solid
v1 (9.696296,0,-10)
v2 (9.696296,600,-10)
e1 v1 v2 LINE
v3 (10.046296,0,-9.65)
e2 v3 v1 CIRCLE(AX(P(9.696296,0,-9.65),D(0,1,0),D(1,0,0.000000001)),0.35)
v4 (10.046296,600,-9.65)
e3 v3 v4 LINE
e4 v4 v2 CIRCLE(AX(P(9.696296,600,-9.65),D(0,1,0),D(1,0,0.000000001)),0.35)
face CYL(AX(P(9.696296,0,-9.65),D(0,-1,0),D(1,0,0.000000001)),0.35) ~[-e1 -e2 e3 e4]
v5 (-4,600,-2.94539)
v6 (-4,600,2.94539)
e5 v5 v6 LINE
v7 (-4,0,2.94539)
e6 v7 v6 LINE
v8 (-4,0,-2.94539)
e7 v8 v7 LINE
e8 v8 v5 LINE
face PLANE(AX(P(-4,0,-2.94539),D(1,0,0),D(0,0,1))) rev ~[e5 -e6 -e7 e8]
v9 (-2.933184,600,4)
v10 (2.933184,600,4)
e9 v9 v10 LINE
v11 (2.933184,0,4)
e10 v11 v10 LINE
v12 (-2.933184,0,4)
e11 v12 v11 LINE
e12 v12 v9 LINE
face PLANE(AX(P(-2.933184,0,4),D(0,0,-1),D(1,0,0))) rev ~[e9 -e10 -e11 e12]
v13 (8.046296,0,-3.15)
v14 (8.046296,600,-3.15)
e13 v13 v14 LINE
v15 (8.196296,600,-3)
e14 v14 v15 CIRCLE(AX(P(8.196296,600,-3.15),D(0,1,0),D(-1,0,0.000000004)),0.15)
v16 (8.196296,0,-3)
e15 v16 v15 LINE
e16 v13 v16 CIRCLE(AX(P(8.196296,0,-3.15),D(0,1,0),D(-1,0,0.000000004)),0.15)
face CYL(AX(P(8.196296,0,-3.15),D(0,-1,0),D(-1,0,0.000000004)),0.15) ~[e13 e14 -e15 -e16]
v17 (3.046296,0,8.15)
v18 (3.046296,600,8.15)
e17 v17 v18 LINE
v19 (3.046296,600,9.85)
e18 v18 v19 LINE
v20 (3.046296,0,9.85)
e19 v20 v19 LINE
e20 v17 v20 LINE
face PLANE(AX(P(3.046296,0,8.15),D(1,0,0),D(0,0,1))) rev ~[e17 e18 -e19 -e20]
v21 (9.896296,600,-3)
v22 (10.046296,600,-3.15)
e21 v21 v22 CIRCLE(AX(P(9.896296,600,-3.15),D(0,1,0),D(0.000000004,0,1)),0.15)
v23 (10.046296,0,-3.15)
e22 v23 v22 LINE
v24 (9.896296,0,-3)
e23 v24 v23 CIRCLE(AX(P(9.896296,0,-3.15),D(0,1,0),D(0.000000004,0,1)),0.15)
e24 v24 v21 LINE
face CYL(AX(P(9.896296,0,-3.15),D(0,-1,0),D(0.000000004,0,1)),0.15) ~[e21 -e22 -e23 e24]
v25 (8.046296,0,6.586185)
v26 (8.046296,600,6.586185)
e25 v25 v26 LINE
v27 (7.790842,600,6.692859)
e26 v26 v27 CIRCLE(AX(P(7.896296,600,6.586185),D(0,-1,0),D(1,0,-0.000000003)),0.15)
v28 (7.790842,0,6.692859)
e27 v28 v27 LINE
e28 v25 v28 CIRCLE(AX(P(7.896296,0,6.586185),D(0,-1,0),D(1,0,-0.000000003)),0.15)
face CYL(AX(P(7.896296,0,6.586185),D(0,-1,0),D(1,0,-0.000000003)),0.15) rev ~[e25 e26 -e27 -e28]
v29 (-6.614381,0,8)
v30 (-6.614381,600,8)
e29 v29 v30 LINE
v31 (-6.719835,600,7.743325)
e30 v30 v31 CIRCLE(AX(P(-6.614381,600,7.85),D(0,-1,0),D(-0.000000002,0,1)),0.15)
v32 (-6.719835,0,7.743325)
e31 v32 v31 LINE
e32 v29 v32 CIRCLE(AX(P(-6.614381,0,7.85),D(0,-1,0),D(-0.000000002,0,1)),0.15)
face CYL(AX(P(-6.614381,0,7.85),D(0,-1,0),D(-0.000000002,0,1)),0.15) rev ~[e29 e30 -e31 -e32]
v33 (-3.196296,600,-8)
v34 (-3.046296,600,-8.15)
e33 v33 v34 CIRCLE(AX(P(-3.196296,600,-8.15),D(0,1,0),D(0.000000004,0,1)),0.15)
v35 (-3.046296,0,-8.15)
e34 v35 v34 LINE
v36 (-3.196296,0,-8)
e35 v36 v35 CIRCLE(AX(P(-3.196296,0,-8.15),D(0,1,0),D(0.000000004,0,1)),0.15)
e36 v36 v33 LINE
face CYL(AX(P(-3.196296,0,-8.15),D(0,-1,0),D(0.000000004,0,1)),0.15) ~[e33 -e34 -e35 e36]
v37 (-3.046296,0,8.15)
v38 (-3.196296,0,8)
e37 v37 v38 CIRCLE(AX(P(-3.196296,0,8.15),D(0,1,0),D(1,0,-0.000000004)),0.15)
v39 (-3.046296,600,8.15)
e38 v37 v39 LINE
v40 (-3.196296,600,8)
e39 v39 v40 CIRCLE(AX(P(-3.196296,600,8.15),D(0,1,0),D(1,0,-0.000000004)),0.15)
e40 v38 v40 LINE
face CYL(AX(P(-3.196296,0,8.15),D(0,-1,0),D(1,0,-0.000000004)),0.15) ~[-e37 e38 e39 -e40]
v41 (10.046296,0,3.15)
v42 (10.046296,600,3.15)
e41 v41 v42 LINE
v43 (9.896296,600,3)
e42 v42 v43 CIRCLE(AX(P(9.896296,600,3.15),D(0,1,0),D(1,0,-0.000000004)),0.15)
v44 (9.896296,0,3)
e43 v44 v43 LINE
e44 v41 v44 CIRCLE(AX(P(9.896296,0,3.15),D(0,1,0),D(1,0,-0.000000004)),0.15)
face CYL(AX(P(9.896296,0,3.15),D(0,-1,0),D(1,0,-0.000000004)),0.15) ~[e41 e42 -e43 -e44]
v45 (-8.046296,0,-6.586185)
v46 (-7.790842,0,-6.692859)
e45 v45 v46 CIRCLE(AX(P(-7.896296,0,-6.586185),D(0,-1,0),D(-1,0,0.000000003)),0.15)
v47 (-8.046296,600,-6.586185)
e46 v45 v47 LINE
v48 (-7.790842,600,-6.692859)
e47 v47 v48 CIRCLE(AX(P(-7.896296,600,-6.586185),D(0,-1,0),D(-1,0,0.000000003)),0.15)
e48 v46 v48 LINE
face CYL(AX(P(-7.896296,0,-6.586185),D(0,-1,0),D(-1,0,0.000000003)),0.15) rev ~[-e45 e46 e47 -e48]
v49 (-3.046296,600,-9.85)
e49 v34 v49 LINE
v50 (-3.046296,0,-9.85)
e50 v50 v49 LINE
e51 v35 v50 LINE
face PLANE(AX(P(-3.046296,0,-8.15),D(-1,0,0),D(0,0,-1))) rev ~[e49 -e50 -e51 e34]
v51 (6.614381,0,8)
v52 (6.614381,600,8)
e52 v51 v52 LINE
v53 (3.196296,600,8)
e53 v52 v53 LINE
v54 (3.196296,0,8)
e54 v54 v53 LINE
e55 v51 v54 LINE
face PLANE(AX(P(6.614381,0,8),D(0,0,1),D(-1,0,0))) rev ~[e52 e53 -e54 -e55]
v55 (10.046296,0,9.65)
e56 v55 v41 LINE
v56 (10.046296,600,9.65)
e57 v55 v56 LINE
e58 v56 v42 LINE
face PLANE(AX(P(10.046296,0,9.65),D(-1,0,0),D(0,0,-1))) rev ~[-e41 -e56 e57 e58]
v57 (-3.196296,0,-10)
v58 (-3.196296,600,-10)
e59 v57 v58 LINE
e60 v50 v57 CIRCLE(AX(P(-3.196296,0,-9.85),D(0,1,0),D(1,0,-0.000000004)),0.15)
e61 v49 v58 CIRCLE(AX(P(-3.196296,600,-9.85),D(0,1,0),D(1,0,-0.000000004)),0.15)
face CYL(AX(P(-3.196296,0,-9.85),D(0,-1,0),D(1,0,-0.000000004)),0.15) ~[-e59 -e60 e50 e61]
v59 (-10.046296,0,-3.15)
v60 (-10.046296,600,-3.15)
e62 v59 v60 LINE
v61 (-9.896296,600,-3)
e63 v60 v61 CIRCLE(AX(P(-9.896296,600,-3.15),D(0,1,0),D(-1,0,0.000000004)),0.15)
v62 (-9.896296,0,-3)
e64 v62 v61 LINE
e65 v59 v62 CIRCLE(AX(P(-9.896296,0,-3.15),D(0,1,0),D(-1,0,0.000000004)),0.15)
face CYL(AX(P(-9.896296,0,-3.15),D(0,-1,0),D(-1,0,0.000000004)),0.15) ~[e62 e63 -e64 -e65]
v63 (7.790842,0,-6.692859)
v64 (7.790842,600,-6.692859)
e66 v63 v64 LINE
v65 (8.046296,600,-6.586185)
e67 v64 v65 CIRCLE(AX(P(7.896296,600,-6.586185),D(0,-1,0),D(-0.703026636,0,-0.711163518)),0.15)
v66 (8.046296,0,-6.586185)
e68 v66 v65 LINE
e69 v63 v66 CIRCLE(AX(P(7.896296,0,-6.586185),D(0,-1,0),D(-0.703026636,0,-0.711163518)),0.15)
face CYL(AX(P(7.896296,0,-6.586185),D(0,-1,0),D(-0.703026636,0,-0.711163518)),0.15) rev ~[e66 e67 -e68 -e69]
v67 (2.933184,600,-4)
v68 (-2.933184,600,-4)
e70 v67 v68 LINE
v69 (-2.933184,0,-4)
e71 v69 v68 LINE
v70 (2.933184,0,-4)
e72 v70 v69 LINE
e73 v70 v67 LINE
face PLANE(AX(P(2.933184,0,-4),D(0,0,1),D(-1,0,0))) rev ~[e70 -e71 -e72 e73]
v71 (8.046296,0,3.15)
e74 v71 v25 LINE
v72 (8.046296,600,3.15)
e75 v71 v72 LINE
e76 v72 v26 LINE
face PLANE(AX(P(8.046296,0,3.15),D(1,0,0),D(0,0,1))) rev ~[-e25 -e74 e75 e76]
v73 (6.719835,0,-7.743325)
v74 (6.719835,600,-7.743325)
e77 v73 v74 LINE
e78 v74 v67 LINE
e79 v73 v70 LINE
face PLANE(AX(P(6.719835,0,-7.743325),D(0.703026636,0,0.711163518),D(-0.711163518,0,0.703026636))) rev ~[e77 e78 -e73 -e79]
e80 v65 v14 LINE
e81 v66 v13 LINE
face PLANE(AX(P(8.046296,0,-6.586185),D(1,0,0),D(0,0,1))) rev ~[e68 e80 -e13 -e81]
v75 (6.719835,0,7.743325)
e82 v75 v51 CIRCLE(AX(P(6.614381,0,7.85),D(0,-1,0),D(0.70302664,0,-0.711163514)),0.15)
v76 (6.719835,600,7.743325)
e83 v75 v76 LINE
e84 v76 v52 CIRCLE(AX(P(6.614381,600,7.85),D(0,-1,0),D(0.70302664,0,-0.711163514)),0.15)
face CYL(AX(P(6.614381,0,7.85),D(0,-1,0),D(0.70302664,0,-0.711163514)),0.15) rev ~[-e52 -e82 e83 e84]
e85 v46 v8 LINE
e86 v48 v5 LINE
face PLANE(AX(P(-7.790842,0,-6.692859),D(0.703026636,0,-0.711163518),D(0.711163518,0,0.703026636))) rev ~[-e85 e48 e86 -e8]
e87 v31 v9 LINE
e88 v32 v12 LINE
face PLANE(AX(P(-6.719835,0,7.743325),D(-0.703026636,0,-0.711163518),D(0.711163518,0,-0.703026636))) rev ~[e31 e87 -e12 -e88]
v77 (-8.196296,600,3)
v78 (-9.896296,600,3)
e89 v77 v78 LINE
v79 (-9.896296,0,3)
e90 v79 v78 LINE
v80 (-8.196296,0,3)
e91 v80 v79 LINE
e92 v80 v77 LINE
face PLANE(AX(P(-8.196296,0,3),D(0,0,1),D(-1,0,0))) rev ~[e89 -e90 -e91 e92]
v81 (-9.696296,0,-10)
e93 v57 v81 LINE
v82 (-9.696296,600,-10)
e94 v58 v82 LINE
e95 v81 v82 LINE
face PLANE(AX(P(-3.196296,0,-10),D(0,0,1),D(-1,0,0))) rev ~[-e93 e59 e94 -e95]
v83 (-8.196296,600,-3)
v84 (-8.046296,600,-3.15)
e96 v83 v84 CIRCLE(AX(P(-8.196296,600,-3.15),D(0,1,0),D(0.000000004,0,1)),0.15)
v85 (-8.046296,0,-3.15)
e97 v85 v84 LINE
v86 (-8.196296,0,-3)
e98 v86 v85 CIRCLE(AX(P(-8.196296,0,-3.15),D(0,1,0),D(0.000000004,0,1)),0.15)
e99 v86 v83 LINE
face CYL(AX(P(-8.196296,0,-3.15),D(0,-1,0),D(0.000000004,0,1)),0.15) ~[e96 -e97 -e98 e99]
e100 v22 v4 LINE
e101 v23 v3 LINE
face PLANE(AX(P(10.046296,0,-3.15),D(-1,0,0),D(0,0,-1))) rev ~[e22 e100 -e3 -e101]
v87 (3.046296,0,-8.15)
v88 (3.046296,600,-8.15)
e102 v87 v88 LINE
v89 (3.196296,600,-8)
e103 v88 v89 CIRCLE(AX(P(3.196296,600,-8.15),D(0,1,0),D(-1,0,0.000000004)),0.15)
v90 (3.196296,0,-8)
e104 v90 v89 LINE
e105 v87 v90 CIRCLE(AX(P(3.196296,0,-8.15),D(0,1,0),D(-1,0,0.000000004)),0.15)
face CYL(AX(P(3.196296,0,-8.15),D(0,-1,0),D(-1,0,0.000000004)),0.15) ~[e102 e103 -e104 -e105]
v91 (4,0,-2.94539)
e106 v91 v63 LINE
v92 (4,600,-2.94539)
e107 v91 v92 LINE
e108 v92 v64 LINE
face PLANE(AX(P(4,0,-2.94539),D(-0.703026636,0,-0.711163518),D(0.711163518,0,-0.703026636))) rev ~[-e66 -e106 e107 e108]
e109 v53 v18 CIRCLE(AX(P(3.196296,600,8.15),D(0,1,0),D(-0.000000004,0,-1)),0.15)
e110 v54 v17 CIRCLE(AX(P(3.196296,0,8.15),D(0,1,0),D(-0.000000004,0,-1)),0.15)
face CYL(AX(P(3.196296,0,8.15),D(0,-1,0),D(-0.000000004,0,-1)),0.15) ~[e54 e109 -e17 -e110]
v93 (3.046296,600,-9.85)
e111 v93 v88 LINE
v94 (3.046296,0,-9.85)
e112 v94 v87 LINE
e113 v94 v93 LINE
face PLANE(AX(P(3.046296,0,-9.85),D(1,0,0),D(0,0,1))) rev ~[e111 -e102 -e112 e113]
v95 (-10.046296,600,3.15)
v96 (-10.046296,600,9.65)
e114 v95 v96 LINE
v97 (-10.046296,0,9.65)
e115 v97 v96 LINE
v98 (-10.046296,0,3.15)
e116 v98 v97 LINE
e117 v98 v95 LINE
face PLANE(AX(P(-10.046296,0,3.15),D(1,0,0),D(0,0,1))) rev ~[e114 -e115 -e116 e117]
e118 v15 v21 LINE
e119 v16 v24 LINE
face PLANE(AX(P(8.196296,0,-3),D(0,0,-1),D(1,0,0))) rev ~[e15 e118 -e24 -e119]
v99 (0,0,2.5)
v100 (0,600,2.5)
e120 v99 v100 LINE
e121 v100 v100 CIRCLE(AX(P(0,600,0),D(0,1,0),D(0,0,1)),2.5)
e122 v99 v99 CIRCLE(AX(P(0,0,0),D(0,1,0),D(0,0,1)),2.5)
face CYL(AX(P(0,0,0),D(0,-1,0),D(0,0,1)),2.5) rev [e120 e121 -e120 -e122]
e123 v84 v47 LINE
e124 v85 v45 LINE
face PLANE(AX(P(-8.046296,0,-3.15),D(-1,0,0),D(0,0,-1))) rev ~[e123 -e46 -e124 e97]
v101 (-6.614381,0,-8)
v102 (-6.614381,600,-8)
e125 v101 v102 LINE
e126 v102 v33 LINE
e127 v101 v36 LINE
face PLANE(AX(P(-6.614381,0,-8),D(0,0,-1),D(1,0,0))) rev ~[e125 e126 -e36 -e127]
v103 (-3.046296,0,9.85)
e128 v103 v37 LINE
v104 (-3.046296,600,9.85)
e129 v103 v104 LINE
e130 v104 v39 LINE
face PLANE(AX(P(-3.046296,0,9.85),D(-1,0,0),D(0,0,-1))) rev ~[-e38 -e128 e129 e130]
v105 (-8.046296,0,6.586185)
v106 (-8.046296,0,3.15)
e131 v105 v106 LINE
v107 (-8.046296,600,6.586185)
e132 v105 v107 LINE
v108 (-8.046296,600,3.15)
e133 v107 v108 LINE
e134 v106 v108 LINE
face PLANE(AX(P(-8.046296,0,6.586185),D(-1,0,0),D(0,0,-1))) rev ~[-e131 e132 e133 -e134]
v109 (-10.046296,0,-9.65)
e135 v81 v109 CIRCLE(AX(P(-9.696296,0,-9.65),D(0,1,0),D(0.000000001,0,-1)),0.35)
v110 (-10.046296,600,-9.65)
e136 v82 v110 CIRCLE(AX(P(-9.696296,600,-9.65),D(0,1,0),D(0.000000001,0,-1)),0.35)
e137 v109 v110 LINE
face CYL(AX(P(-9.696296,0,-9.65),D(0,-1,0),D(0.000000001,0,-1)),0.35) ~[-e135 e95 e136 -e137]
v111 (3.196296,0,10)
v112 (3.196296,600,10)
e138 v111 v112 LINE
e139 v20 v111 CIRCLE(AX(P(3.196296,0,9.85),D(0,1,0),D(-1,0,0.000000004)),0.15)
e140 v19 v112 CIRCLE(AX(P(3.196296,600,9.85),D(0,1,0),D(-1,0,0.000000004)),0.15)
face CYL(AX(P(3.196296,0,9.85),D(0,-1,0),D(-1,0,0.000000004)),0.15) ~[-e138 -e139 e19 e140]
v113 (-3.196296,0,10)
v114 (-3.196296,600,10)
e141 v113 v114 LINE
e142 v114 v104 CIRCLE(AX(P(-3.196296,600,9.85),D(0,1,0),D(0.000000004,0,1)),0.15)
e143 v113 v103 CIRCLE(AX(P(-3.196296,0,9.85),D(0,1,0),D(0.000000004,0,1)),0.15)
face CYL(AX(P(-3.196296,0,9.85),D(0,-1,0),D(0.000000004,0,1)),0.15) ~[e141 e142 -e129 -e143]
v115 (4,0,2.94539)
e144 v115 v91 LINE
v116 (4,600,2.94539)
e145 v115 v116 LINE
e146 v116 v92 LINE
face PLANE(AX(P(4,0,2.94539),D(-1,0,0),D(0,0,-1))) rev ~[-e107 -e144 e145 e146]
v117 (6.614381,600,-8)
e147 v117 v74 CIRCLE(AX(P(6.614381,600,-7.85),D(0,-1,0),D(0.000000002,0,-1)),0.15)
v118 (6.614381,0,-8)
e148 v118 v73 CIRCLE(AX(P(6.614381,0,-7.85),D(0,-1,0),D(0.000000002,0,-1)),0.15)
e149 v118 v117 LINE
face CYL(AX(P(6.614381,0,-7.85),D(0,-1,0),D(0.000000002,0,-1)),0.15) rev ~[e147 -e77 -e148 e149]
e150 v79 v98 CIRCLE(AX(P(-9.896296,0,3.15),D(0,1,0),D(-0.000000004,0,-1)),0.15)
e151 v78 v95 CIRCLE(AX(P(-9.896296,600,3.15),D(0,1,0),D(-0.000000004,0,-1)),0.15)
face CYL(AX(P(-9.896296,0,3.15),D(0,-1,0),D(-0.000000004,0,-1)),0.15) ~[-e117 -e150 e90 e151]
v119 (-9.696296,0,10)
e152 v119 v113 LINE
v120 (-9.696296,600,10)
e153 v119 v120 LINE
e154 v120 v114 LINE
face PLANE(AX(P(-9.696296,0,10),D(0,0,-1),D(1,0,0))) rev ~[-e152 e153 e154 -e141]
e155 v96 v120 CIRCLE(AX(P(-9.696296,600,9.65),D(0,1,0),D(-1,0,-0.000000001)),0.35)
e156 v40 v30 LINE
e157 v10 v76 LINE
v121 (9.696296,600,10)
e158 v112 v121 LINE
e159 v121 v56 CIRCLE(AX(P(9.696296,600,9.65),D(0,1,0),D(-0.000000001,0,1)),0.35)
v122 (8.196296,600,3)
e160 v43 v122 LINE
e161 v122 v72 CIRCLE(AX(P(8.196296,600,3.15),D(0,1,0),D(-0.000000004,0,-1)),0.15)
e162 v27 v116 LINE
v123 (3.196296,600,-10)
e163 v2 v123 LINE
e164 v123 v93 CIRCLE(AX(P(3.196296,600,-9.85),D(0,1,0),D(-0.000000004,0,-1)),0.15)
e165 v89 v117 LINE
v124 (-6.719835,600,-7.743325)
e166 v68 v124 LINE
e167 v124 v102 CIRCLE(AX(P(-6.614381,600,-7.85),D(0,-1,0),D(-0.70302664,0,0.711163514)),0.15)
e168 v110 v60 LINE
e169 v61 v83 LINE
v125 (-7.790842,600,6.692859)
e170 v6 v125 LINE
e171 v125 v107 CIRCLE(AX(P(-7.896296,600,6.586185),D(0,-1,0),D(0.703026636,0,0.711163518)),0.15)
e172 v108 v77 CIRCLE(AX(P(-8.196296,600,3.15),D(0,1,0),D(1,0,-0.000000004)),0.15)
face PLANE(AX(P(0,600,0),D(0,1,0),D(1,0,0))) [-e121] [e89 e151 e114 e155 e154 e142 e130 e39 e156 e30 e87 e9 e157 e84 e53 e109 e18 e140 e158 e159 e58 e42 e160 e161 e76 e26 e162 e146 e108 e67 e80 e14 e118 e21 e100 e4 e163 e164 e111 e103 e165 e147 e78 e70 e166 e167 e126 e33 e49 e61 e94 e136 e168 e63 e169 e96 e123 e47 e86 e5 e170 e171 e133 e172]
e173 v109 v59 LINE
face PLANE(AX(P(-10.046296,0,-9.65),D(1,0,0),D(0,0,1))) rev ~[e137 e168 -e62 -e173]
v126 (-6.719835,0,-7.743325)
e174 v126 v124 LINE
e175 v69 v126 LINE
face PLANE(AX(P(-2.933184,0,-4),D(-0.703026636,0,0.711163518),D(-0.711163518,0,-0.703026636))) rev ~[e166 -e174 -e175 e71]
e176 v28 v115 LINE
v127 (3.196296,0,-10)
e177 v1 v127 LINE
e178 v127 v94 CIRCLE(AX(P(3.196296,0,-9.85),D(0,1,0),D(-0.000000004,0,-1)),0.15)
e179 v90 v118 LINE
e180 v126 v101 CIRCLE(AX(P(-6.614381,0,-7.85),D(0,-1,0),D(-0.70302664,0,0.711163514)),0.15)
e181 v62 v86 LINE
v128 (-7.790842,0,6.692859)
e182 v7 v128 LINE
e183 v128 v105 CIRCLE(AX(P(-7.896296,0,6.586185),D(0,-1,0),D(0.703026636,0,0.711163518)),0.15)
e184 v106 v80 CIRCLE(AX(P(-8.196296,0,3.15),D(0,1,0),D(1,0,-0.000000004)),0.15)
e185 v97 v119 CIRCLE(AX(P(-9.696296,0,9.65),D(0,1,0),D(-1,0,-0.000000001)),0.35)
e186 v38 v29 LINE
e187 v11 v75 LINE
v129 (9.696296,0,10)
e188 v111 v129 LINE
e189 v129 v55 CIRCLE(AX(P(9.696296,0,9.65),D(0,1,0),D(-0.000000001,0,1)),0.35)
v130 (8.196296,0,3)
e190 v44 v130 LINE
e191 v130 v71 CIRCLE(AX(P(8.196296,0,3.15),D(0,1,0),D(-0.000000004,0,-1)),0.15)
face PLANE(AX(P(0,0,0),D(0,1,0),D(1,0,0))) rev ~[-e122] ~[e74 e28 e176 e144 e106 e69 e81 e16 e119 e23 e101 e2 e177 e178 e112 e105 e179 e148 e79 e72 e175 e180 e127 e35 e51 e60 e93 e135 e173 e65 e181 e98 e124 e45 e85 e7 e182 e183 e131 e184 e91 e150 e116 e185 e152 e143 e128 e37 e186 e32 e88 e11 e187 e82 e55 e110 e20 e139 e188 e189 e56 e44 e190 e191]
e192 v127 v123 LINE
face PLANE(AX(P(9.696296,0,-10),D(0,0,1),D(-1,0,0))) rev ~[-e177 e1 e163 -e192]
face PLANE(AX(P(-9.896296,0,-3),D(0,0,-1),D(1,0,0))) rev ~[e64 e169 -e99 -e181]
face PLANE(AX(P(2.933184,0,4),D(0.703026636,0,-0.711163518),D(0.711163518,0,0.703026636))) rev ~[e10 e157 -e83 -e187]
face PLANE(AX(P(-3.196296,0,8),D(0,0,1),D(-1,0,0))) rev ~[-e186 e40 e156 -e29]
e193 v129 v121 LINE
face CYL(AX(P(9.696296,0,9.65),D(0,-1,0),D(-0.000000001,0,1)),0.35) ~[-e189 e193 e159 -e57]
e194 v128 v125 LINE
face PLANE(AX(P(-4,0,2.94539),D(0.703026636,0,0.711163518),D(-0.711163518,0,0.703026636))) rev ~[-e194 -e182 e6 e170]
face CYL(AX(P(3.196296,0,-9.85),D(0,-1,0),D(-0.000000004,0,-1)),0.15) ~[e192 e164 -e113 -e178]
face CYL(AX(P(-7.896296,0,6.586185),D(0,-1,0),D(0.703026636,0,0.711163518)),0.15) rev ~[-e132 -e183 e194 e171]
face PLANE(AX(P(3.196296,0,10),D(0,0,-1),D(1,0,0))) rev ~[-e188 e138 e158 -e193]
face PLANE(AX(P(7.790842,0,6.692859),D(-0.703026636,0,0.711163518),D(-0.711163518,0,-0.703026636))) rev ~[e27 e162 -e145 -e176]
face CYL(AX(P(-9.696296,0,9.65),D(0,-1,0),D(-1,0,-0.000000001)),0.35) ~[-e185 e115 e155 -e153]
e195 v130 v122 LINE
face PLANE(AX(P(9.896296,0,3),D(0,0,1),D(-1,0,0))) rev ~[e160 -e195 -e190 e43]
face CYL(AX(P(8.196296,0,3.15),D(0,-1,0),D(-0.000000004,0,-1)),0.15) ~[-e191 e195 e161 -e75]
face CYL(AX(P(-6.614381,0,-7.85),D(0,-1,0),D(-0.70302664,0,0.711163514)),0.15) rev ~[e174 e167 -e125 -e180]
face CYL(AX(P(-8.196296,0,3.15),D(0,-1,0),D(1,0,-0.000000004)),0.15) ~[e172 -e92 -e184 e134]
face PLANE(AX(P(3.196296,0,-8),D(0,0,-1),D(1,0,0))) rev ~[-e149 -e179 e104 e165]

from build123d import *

# Parameters (mm, degrees)
SKETCH1_R           = 2.5
BOSS_EXTRUDE2_DEPTH = 600


with BuildPart() as part:
    # Sketch1 → Boss-Extrude2 (new body)
    with BuildSketch(Plane(origin=(0, 0, 0), x_dir=(1, 0, 0), z_dir=(0, 1, 0))):
        with BuildLine():
            Line((-9.896296296, 3), (-8.196296296, 3))
            ThreePointArc((-8.196296296, 3), (-8.090230279, 3.043933983), (-8.046296296, 3.15))
            Line((-8.046296296, 3.15), (-8.046296296, 6.586184513))
            ThreePointArc((-8.046296296, 6.586184513), (-7.954097251, 6.724600732), (-7.790842301, 6.692859041))
            Line((-7.790842301, 6.692859041), (-4, 2.945390222))
            Line((-4, 2.945390222), (-4, -2.945390222))
            Line((-4, -2.945390222), (-7.790842301, -6.692859041))
            ThreePointArc((-7.790842301, -6.692859041), (-7.954097251, -6.724600732), (-8.046296296, -6.586184513))
            Line((-8.046296296, -6.586184513), (-8.046296296, -3.15))
            ThreePointArc((-8.046296296, -3.15), (-8.090230279, -3.043933983), (-8.196296296, -3))
            Line((-8.196296296, -3), (-9.896296296, -3))
            ThreePointArc((-9.896296296, -3), (-10.002362313, -3.043933983), (-10.046296296, -3.15))
            Line((-10.046296296, -3.15), (-10.046296296, -9.65))
            ThreePointArc((-10.046296296, -9.65), (-9.94378367, -9.897487373), (-9.696296296, -10))
            Line((-9.696296296, -10), (-3.196296296, -10))
            ThreePointArc((-3.196296296, -10), (-3.090230279, -9.956066017), (-3.046296296, -9.85))
            Line((-3.046296296, -9.85), (-3.046296296, -8.15))
            ThreePointArc((-3.046296296, -8.15), (-3.090230279, -8.043933983), (-3.196296296, -8))
            Line((-3.196296296, -8), (-6.614381093, -8))
            ThreePointArc((-6.614381093, -8), (-6.753127587, -7.9070036), (-6.719835089, -7.743325472))
            Line((-6.719835089, -7.743325472), (-2.93318409, -4))
            Line((-2.93318409, -4), (2.93318409, -4))
            Line((2.93318409, -4), (6.719835089, -7.743325472))
            ThreePointArc((6.719835089, -7.743325472), (6.753127587, -7.9070036), (6.614381093, -8))
            Line((6.614381093, -8), (3.196296296, -8))
            ThreePointArc((3.196296296, -8), (3.090230279, -8.043933983), (3.046296296, -8.15))
            Line((3.046296296, -8.15), (3.046296296, -9.85))
            ThreePointArc((3.046296296, -9.85), (3.090230279, -9.956066017), (3.196296296, -10))
            Line((3.196296296, -10), (9.696296296, -10))
            ThreePointArc((9.696296296, -10), (9.94378367, -9.897487373), (10.046296296, -9.65))
            Line((10.046296296, -9.65), (10.046296296, -3.15))
            ThreePointArc((10.046296296, -3.15), (10.002362313, -3.043933983), (9.896296296, -3))
            Line((9.896296296, -3), (8.196296296, -3))
            ThreePointArc((8.196296296, -3), (8.090230279, -3.043933983), (8.046296296, -3.15))
            Line((8.046296296, -3.15), (8.046296296, -6.586184513))
            ThreePointArc((8.046296296, -6.586184513), (7.954097251, -6.724600732), (7.790842301, -6.692859041))
            Line((7.790842301, -6.692859041), (4, -2.945390222))
            Line((4, -2.945390222), (4, 2.945390222))
            Line((4, 2.945390222), (7.790842301, 6.692859041))
            ThreePointArc((7.790842301, 6.692859041), (7.954097251, 6.724600732), (8.046296296, 6.586184513))
            Line((8.046296296, 6.586184513), (8.046296296, 3.15))
            ThreePointArc((8.046296296, 3.15), (8.090230279, 3.043933983), (8.196296296, 3))
            Line((8.196296296, 3), (9.896296296, 3))
            ThreePointArc((9.896296296, 3), (10.002362313, 3.043933983), (10.046296296, 3.15))
            Line((10.046296296, 3.15), (10.046296296, 9.65))
            ThreePointArc((10.046296296, 9.65), (9.94378367, 9.897487373), (9.696296296, 10))
            Line((9.696296296, 10), (3.196296296, 10))
            ThreePointArc((3.196296296, 10), (3.090230279, 9.956066017), (3.046296296, 9.85))
            Line((3.046296296, 9.85), (3.046296296, 8.15))
            ThreePointArc((3.046296296, 8.15), (3.090230279, 8.043933983), (3.196296296, 8))
            Line((3.196296296, 8), (6.614381093, 8))
            ThreePointArc((6.614381093, 8), (6.753127587, 7.9070036), (6.719835089, 7.743325472))
            Line((6.719835089, 7.743325472), (2.93318409, 4))
            Line((2.93318409, 4), (-2.93318409, 4))
            Line((-2.93318409, 4), (-6.719835089, 7.743325472))
            ThreePointArc((-6.719835089, 7.743325472), (-6.753127587, 7.9070036), (-6.614381093, 8))
            Line((-6.614381093, 8), (-3.196296296, 8))
            ThreePointArc((-3.196296296, 8), (-3.090230279, 8.043933983), (-3.046296296, 8.15))
            Line((-3.046296296, 8.15), (-3.046296296, 9.85))
            ThreePointArc((-3.046296296, 9.85), (-3.090230279, 9.956066017), (-3.196296296, 10))
            Line((-3.196296296, 10), (-9.696296296, 10))
            ThreePointArc((-9.696296296, 10), (-9.94378367, 9.897487373), (-10.046296296, 9.65))
            Line((-10.046296296, 9.65), (-10.046296296, 3.15))
            ThreePointArc((-10.046296296, 3.15), (-10.002362313, 3.043933983), (-9.896296296, 3))
        make_face()
        with Locations(Location((0, 0, 0), (0, 0, 270))):
            Circle(SKETCH1_R, mode=Mode.SUBTRACT)
    extrude(amount=BOSS_EXTRUDE2_DEPTH)


solid = part.part
